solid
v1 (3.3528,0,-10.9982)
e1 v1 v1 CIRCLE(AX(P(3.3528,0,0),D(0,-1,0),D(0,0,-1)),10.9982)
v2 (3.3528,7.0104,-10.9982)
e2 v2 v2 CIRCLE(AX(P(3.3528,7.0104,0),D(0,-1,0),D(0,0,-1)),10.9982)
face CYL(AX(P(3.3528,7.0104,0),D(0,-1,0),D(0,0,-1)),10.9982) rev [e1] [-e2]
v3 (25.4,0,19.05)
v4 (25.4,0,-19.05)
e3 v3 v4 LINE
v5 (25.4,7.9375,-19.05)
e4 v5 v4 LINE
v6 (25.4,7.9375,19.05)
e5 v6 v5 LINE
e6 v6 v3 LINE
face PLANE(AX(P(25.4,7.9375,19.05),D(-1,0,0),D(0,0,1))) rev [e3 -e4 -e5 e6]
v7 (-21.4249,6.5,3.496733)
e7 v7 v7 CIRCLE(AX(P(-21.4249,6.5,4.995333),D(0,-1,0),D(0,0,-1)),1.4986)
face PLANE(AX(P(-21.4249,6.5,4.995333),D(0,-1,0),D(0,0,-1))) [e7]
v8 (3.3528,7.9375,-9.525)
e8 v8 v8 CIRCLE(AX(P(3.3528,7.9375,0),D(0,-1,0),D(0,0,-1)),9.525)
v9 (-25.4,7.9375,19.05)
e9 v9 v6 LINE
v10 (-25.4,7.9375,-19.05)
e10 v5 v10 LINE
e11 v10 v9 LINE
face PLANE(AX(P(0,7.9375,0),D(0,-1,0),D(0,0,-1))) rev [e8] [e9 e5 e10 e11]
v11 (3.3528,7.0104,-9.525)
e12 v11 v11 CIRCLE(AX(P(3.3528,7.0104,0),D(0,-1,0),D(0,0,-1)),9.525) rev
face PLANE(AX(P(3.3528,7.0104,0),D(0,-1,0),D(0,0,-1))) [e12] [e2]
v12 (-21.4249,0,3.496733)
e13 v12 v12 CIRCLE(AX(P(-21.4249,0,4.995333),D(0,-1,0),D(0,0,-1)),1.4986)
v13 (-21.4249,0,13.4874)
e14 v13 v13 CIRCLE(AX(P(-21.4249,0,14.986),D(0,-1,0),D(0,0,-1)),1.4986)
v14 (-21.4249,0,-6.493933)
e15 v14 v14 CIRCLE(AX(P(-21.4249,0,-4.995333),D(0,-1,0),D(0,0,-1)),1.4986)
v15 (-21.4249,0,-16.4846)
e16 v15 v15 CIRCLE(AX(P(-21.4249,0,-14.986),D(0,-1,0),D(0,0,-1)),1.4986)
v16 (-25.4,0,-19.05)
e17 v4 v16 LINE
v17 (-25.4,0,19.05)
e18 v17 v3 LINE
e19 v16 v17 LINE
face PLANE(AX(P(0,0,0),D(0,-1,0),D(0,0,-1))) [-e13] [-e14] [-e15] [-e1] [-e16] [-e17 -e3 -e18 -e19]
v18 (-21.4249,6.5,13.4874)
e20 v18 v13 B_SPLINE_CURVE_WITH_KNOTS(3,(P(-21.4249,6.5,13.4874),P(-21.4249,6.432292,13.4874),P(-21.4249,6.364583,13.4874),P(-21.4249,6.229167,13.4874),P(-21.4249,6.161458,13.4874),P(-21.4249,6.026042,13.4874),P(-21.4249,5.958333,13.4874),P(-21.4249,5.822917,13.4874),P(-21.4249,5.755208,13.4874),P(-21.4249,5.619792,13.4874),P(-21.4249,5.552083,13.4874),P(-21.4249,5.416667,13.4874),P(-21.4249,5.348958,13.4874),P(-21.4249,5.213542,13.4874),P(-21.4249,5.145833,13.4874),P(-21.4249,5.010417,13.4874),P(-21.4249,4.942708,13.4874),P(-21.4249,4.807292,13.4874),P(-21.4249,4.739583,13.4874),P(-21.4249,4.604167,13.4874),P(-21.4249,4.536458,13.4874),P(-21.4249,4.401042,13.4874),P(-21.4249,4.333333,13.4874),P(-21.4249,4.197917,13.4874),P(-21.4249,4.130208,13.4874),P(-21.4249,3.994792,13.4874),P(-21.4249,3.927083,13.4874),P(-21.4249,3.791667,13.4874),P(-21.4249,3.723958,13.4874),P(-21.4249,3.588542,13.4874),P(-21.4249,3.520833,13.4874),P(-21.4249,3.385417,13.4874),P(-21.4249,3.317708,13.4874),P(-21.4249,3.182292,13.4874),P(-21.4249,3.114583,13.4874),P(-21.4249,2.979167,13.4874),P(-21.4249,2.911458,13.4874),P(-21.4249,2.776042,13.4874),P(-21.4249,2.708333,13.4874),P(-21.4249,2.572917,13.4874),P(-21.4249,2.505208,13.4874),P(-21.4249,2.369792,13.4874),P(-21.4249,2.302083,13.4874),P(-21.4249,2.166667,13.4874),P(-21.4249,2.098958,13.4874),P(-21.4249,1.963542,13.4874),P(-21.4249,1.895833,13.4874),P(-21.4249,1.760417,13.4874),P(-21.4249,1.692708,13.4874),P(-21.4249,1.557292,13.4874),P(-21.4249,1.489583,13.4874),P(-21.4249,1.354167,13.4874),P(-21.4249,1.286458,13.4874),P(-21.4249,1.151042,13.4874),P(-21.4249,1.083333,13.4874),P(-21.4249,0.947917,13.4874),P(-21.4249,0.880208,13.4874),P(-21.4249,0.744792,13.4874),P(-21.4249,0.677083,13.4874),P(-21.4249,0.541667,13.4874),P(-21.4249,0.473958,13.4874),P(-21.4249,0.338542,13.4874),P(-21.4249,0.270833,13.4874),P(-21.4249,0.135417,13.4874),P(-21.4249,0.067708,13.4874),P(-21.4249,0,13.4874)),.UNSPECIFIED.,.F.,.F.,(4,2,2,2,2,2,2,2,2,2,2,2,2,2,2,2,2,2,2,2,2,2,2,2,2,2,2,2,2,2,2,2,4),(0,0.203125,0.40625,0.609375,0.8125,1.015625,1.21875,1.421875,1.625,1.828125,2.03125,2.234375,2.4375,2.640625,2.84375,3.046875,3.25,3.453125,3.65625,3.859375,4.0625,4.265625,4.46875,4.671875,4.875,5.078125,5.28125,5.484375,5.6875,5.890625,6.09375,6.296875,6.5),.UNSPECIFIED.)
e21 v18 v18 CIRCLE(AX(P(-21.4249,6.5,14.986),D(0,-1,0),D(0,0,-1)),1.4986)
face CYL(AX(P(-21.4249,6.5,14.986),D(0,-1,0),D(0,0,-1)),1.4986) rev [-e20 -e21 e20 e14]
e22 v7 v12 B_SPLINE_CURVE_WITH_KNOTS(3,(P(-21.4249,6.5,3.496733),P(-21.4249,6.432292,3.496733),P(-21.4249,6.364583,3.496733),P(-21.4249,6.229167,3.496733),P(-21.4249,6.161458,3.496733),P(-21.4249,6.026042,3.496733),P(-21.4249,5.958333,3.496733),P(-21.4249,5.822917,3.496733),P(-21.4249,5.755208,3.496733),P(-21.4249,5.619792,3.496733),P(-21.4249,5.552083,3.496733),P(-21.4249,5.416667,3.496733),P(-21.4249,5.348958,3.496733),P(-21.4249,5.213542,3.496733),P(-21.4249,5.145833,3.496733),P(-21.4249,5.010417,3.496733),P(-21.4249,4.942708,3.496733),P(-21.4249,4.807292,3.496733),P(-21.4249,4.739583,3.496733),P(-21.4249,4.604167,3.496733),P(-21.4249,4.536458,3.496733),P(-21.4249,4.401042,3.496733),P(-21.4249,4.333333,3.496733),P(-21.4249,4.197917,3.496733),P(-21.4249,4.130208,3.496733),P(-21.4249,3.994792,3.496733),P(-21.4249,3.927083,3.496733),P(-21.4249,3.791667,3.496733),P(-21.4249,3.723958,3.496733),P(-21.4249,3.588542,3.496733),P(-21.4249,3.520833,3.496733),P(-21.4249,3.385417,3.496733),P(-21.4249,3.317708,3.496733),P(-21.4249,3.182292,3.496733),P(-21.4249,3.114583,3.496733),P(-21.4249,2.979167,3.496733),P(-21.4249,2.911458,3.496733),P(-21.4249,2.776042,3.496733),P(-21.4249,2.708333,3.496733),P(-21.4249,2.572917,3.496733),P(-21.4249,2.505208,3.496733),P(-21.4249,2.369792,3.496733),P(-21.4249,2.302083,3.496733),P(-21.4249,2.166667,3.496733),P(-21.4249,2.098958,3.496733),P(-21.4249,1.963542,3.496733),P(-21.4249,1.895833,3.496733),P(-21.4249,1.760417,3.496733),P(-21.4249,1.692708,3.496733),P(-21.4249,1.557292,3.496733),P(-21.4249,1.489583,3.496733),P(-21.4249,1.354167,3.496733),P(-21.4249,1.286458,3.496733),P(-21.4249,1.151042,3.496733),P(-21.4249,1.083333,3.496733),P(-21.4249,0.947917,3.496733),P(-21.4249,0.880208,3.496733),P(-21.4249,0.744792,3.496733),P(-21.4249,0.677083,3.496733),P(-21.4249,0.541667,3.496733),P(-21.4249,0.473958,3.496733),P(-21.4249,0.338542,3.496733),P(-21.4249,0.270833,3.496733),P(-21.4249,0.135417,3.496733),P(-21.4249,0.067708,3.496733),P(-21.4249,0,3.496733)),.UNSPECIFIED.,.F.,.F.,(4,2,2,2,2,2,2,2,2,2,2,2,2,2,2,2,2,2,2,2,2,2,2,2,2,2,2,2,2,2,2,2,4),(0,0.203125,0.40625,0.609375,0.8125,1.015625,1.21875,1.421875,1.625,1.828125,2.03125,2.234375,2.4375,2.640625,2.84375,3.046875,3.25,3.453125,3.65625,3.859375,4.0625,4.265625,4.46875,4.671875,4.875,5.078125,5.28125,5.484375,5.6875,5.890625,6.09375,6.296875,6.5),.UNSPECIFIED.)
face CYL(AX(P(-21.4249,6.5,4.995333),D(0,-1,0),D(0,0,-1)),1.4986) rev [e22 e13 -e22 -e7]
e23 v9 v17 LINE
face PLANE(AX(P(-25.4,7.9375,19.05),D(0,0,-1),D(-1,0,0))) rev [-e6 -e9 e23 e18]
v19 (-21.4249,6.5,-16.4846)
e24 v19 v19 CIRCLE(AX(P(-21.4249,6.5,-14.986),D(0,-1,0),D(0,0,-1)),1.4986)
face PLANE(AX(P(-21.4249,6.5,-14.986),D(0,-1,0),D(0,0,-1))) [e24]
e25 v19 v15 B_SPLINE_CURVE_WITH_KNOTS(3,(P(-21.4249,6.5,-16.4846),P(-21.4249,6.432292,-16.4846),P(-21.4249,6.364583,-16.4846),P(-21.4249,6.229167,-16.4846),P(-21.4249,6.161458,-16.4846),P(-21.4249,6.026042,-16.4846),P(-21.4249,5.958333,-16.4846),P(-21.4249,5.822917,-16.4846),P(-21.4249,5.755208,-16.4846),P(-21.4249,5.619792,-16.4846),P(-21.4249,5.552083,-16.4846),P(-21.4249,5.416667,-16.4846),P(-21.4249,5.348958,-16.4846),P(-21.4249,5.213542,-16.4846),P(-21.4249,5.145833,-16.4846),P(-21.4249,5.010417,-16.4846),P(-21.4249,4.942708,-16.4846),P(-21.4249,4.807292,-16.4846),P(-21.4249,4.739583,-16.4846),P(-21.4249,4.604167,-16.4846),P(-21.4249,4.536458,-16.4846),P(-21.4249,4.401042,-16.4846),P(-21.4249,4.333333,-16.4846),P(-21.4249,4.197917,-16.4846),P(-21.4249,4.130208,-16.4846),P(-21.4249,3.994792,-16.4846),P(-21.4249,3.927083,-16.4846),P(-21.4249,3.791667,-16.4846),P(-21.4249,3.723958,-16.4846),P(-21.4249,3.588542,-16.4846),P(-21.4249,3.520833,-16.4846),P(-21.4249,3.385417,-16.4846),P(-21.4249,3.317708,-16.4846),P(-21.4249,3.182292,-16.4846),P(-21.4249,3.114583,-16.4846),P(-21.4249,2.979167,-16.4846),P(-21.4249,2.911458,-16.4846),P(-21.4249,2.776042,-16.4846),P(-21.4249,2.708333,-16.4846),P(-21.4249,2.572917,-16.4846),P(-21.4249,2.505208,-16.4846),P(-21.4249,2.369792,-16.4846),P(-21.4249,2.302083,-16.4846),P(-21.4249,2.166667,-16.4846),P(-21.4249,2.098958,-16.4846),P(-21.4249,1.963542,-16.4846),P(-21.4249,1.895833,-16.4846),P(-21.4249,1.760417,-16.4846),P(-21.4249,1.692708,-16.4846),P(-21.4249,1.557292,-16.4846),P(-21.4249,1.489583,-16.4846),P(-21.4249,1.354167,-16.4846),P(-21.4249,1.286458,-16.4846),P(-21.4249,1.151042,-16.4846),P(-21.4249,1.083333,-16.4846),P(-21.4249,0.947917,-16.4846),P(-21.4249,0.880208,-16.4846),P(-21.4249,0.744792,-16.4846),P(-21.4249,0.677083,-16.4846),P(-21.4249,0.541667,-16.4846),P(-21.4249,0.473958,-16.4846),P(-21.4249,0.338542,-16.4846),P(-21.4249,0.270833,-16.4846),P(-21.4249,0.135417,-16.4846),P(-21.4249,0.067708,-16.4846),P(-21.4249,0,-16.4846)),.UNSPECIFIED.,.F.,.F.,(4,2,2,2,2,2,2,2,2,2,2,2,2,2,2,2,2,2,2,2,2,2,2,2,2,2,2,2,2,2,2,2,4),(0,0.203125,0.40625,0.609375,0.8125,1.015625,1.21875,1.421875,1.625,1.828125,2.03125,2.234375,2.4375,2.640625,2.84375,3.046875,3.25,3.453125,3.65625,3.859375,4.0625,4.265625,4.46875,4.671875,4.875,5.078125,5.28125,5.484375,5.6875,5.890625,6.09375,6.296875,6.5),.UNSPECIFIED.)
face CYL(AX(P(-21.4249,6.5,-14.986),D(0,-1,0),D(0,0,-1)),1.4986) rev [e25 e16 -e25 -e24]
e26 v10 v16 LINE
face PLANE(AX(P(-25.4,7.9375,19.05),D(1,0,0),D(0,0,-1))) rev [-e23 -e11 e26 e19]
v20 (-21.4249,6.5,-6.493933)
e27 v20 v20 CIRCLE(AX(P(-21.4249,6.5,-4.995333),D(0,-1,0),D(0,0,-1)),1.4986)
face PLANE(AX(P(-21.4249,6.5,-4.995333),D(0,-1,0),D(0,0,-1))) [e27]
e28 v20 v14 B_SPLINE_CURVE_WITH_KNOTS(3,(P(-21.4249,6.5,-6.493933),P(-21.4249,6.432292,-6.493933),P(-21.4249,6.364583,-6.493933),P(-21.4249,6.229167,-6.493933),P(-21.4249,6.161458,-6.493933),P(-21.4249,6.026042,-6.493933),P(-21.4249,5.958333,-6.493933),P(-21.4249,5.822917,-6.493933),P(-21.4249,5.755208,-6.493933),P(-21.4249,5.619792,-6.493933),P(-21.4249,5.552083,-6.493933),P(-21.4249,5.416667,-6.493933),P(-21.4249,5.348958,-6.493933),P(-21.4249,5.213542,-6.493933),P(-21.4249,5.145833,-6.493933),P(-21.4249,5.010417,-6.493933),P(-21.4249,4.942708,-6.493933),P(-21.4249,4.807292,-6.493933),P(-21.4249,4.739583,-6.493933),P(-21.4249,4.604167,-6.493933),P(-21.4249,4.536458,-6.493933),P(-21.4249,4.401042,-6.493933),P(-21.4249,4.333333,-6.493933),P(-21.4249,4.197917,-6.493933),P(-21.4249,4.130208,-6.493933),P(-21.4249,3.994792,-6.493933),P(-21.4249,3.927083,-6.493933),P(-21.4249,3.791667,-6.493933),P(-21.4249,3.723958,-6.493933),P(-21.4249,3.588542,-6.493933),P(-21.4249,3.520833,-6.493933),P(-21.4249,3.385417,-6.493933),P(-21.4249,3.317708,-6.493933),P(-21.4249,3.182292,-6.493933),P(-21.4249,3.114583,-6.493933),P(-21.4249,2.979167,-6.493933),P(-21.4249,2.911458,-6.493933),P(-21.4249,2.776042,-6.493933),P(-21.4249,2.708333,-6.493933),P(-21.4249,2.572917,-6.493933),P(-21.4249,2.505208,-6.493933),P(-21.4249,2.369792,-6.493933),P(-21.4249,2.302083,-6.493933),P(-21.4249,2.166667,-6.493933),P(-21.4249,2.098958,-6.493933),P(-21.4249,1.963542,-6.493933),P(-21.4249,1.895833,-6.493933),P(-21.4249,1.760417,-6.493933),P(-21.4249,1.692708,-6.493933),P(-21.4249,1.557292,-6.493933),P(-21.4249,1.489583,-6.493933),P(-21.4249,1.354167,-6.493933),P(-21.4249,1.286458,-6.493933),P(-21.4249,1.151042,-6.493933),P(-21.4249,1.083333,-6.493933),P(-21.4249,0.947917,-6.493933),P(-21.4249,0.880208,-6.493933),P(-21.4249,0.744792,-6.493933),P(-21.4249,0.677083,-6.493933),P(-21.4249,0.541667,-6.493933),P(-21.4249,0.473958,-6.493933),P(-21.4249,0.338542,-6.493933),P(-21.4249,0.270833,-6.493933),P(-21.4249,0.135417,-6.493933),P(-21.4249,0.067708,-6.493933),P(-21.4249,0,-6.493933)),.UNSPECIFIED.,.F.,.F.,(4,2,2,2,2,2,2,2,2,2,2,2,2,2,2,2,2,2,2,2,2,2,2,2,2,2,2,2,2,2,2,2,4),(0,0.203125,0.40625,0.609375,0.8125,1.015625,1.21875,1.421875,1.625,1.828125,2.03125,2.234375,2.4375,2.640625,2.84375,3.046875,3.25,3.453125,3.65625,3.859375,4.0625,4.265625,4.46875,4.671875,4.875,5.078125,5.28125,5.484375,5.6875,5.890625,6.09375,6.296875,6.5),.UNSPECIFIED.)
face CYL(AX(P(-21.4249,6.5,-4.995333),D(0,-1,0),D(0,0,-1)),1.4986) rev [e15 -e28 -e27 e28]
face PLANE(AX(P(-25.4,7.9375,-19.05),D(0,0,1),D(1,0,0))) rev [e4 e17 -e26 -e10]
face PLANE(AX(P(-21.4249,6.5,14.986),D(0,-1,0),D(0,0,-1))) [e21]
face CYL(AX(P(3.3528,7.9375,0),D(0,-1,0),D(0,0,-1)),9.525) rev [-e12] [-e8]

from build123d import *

# Parameters (mm, degrees)
SKETCH1_W          = 50.8
SKETCH1_H          = 38.1
BODY_DEPTH         = 7.9375
SKETCH_1_R         = 9.525
THRU_HOLE_DEPTH    = 33.727150903
SKETCH4_R          = 10.9982
BEARING_BORE_DEPTH = 7.0104
SKETCH5_R          = 1.4986
DOWEL_HOLES_DEPTH  = 6.5


with BuildPart() as part:
    # Sketch1 → Body (new body)
    with BuildSketch(Plane(origin=(0, 0, 0), x_dir=(1, 0, 0), z_dir=(0, 1, 0))):
        Rectangle(SKETCH1_W, SKETCH1_H)
    extrude(amount=BODY_DEPTH)

    # Sketch 1 → Thru Hole (cut, through all)
    with BuildSketch(Plane.XZ):
        with Locations(Location((3.3528, 0, 0), (0, 0, 270))):
            Circle(SKETCH_1_R)
    extrude(amount=-THRU_HOLE_DEPTH, mode=Mode.SUBTRACT)

    # Sketch4 → Bearing Bore (cut)
    with BuildSketch(Plane.XZ):
        with Locations(Location((3.3528, 0, 0), (0, 0, 270))):
            Circle(SKETCH4_R)
    extrude(amount=-BEARING_BORE_DEPTH, mode=Mode.SUBTRACT)

    # Sketch5 → Dowel Holes (cut)
    with BuildSketch(Plane.XZ):
        with Locations(Location((-21.4249, 14.986, 0), (0, 0, 270))):
            Circle(SKETCH5_R)
        with Locations(Location((-21.4249, 4.995333333, 0), (0, 0, 270))):
            Circle(SKETCH5_R)
        with Locations(Location((-21.4249, -14.986, 0), (0, 0, 270))):
            Circle(SKETCH5_R)
        with Locations(Location((-21.4249, -4.995333333, 0), (0, 0, 270))):
            Circle(SKETCH5_R)
    extrude(amount=-DOWEL_HOLES_DEPTH, mode=Mode.SUBTRACT)


solid = part.part
